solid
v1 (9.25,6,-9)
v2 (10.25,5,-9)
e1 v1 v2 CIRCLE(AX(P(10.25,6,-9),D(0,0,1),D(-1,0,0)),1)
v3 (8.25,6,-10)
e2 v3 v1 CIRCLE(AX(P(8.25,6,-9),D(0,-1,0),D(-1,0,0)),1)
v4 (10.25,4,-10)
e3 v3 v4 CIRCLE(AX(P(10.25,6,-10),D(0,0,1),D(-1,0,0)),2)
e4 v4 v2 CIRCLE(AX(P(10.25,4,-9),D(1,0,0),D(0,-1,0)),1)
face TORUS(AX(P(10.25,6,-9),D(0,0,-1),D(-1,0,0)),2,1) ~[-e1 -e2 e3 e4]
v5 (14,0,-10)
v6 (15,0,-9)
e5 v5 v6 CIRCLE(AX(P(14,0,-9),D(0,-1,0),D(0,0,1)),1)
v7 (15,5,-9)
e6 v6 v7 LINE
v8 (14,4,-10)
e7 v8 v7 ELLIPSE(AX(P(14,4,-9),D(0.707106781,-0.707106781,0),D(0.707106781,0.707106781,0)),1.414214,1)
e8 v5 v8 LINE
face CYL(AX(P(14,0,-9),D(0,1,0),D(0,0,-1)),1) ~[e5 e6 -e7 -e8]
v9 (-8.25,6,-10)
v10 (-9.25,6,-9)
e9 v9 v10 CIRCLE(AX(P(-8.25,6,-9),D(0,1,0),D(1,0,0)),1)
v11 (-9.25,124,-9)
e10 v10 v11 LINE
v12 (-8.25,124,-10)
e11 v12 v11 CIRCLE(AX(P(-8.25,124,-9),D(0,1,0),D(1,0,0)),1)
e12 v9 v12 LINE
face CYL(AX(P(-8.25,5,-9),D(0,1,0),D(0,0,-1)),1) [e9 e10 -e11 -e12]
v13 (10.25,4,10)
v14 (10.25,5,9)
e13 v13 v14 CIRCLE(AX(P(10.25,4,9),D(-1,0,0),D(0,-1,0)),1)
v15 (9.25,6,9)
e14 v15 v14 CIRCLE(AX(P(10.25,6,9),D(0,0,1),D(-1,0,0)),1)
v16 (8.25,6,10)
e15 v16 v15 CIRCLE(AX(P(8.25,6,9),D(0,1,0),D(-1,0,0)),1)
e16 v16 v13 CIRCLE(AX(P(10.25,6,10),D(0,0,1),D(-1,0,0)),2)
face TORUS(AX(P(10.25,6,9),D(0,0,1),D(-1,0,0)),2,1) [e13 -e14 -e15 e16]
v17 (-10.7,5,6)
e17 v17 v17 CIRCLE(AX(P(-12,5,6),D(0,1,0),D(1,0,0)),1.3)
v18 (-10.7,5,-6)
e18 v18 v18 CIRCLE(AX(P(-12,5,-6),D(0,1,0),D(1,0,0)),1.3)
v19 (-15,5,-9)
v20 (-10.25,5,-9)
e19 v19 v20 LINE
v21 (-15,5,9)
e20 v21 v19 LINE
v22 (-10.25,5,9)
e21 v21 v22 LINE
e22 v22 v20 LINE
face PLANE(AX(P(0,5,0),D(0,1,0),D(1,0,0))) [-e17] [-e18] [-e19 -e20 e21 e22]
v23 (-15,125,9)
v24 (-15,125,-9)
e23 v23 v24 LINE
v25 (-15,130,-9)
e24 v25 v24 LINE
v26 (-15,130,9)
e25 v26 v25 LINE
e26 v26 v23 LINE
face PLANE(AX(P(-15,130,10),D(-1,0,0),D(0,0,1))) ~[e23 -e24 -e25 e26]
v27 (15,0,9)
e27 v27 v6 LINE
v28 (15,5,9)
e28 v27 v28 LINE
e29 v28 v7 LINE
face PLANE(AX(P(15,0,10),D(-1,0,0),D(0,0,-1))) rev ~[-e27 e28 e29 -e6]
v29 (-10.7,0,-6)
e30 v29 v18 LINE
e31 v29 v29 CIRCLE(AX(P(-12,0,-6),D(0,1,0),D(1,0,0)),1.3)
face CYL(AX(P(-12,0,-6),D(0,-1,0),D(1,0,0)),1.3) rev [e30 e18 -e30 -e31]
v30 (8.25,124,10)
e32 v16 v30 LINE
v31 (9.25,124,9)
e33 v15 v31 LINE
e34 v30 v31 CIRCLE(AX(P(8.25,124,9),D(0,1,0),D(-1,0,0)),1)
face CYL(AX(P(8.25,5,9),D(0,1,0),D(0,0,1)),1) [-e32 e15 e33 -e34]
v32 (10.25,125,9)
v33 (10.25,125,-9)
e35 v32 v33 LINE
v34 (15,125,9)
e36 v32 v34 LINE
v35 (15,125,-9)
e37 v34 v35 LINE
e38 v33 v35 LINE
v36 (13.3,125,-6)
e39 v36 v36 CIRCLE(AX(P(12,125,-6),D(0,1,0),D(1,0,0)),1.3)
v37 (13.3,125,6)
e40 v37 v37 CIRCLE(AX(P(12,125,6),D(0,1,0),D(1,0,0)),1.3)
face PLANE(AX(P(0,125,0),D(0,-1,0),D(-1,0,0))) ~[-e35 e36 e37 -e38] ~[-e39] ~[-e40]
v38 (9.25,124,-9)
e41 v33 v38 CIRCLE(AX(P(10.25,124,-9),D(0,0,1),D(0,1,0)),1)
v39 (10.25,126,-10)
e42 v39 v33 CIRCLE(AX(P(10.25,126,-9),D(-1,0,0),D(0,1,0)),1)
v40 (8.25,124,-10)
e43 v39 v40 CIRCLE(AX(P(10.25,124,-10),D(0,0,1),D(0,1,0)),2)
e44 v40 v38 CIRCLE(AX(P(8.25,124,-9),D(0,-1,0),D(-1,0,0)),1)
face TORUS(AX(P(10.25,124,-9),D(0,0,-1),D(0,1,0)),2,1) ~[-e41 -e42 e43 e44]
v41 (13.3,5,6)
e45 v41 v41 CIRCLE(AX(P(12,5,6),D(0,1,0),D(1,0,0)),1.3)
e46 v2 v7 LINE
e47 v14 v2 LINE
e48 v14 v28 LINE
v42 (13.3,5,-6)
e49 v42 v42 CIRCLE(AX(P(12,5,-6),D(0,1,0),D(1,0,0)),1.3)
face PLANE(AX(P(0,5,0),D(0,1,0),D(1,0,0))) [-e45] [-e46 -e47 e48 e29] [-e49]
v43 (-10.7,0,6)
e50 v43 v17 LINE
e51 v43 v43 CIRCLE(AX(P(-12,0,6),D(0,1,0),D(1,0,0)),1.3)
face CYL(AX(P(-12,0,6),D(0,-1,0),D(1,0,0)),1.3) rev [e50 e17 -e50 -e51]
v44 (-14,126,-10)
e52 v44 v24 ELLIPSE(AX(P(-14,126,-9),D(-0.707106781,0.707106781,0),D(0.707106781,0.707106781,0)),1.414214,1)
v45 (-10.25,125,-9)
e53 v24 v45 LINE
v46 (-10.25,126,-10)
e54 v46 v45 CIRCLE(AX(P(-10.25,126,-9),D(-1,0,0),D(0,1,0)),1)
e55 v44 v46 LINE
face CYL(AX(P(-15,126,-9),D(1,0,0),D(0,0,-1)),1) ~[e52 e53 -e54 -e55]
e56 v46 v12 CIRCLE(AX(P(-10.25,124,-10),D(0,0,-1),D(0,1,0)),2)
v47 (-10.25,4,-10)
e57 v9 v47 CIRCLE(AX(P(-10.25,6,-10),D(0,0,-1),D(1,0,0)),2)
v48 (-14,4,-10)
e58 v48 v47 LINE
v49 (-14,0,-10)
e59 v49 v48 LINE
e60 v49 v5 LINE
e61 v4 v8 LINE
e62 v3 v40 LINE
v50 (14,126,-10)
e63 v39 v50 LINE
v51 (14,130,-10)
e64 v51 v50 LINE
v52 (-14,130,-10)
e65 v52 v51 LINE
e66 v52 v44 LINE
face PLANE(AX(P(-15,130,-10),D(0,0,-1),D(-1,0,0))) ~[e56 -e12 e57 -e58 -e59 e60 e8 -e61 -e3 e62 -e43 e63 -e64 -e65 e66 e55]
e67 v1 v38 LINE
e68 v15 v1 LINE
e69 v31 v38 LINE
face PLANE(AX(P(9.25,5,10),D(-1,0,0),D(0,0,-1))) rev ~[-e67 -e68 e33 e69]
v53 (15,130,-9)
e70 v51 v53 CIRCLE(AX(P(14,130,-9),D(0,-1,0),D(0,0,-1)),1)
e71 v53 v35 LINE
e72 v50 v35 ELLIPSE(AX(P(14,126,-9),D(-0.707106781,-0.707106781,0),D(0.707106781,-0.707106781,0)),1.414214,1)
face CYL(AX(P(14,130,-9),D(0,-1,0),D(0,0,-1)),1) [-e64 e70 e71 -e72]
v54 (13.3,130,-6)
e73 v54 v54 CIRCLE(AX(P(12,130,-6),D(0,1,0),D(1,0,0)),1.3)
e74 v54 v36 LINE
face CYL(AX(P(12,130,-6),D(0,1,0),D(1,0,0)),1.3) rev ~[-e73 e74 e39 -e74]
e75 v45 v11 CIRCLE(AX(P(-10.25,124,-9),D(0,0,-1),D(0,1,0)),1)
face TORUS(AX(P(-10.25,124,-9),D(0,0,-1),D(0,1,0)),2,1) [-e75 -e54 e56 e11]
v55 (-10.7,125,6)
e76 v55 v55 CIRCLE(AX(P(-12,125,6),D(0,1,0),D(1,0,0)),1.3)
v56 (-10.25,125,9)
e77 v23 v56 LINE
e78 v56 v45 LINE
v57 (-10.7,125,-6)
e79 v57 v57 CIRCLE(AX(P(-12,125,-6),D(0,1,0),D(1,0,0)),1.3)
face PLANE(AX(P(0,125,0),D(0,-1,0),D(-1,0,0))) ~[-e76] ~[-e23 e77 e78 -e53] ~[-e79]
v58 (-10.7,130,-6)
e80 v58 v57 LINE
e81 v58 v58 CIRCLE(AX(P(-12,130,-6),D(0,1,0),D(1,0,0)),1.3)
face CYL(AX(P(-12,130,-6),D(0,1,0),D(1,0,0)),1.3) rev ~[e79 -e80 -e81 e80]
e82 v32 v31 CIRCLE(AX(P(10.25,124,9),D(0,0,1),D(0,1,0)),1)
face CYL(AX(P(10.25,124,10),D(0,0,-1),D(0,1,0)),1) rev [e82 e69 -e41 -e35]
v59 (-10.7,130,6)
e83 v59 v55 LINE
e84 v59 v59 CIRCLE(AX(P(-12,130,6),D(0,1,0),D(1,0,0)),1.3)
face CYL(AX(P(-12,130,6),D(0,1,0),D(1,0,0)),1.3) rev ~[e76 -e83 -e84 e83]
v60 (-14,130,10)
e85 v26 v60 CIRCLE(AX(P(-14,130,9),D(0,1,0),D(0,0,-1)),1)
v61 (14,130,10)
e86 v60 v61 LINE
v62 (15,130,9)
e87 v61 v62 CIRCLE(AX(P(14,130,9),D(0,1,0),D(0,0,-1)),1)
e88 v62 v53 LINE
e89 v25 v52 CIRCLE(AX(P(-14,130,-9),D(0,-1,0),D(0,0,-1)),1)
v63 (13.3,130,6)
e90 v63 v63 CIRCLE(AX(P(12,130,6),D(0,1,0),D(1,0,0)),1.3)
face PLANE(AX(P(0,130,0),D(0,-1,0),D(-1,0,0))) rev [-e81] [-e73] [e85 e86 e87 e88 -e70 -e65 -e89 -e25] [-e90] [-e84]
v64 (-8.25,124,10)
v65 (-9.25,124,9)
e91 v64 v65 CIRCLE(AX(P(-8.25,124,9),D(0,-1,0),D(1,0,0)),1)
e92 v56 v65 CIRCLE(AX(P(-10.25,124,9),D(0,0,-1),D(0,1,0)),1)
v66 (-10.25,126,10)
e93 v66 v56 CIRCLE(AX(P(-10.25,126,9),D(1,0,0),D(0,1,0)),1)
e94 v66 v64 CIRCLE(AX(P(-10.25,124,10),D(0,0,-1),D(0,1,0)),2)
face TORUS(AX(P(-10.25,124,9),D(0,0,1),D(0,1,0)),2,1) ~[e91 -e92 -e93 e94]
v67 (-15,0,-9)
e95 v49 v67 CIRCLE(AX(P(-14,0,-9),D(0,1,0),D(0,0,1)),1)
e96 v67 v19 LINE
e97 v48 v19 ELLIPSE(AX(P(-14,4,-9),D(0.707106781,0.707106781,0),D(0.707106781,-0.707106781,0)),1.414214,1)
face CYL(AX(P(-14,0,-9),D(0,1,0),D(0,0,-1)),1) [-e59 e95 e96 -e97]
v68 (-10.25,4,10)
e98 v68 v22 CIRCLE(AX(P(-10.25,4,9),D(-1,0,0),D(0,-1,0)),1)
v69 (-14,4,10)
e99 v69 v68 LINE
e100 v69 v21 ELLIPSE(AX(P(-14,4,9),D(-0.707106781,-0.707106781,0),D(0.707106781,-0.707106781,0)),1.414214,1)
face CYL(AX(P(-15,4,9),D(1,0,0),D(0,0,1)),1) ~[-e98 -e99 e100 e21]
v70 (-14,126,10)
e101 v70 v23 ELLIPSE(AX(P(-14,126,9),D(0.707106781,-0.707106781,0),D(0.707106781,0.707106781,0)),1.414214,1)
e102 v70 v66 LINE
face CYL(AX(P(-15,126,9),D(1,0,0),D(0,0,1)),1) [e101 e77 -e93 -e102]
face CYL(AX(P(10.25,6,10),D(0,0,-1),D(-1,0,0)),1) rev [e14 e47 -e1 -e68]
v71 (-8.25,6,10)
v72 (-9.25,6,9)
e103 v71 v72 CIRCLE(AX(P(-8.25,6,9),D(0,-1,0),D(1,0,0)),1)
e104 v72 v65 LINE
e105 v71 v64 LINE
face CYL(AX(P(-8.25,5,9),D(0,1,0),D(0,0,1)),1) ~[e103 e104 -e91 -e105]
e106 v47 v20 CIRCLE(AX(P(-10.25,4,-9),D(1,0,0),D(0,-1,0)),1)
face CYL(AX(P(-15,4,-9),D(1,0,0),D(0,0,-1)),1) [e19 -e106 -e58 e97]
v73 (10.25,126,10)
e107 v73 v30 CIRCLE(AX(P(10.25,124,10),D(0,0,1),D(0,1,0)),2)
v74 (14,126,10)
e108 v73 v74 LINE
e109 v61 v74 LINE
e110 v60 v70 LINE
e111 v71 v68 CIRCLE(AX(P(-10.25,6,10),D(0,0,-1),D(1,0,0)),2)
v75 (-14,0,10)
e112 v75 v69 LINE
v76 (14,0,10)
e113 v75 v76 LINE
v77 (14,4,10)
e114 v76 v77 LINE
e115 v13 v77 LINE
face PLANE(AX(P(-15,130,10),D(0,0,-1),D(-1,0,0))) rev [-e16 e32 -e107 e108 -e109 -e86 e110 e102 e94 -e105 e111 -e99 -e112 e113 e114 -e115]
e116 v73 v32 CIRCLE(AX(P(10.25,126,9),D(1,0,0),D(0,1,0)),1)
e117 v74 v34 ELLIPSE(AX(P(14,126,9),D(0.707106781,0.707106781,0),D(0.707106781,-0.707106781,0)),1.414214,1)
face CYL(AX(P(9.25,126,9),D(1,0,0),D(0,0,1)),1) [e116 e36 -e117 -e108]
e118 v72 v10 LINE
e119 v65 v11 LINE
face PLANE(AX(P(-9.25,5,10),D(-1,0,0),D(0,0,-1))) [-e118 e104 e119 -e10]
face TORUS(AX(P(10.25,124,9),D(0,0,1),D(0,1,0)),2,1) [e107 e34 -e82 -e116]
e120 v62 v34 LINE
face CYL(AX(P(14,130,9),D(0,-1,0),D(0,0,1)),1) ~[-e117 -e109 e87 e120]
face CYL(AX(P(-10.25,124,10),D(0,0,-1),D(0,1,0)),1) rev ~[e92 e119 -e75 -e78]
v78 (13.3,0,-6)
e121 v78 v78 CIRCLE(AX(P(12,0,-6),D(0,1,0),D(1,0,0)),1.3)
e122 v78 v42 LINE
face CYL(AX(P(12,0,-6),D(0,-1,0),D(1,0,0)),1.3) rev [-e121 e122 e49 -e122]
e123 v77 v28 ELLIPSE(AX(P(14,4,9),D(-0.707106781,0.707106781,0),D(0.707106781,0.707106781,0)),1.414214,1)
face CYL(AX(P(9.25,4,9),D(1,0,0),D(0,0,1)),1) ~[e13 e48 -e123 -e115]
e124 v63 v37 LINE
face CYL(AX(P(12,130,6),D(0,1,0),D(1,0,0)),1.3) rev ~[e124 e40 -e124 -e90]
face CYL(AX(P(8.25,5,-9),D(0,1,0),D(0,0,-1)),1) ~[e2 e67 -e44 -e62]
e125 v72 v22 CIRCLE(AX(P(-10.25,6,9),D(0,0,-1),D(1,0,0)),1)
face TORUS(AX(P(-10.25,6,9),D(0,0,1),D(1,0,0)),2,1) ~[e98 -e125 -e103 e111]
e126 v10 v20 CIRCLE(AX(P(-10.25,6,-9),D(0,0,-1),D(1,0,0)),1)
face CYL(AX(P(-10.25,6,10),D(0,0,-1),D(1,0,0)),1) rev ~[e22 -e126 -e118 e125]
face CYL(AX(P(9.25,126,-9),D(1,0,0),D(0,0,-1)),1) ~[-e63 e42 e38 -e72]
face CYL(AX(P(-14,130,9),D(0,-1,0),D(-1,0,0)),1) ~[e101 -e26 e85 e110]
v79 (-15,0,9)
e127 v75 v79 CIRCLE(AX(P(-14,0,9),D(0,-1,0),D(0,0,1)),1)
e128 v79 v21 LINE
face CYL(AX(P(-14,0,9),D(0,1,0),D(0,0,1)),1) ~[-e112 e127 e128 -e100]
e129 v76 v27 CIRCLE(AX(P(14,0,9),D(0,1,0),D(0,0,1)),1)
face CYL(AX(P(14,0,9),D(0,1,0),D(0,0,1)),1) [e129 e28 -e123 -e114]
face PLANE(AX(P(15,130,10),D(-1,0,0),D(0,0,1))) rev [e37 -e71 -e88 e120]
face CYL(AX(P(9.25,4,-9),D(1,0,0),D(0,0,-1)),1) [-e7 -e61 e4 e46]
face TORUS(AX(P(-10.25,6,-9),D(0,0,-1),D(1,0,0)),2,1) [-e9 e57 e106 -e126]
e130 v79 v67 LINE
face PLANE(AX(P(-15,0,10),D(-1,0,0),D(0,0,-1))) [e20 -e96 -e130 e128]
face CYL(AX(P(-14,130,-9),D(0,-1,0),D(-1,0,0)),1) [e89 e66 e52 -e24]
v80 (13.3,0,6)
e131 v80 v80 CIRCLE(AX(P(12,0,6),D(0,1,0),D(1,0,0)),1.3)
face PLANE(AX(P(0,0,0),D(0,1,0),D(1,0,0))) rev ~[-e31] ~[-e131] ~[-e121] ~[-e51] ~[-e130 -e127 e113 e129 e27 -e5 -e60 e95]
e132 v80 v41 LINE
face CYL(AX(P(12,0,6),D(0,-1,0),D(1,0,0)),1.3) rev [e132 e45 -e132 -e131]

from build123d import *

# Parameters (mm, degrees)
SKETCH1_W           = 30
SKETCH1_H           = 20
SKETCH1_R           = 1.3
BOSS_EXTRUDE1_DEPTH = 5
SKETCH2_W           = 18.5
SKETCH2_H           = 20
BOSS_EXTRUDE2_DEPTH = 120
FILLET1_R           = 1


with BuildPart() as part:
    # Sketch1 → Boss-Extrude1 (new body)
    with BuildSketch(Plane(origin=(0, 0, 0), x_dir=(1, 0, 0), z_dir=(0, 1, 0))):
        Rectangle(SKETCH1_W, SKETCH1_H)
        with Locations((-12, 6)):
            Circle(SKETCH1_R, mode=Mode.SUBTRACT)
        with Locations((12, 6)):
            Circle(SKETCH1_R, mode=Mode.SUBTRACT)
        with Locations((12, -6)):
            Circle(SKETCH1_R, mode=Mode.SUBTRACT)
        with Locations((-12, -6)):
            Circle(SKETCH1_R, mode=Mode.SUBTRACT)
    boss_extrude1 = extrude(amount=BOSS_EXTRUDE1_DEPTH)

    # Sketch2 → Boss-Extrude2 (add)
    with BuildSketch(Plane(origin=(0, 5, 0), x_dir=(1, 0, 0), z_dir=(0, 1, 0))):
        Rectangle(SKETCH2_W, SKETCH2_H)
    extrude(amount=BOSS_EXTRUDE2_DEPTH)

    # Mirror1: Boss-Extrude1 across plane
    add(boss_extrude1.mirror(Plane.ZX.offset(65)))

    # Fillet1
    fillet1_edges = [part.edges().sort_by_distance(p)[0] for p in [
        (-12.125, 5, 10),
        (-12.125, 5, -10),
        (12.125, 5, 10),
        (9.25, 5, 0),
        (9.25, 65, 10),
        (9.25, 65, -10),
        (-9.25, 5, 0),
        (-9.25, 65, -10),
        (-9.25, 65, 10),
        (9.25, 125, 0),
        (-9.25, 125, 0),
        (15, 127.5, -10),
        (-12.125, 125, 10),
        (12.125, 125, 10),
        (15, 127.5, 10),
        (-15, 127.5, 10),
        (12.125, 125, -10),
        (-12.125, 125, -10),
        (-15, 127.5, -10),
        (15, 2.5, 10),
        (-15, 2.5, 10),
        (-15, 2.5, -10),
        (15, 2.5, -10),
        (12.125, 5, -10),
    ]]
    fillet(fillet1_edges, radius=FILLET1_R)


solid = part.part
